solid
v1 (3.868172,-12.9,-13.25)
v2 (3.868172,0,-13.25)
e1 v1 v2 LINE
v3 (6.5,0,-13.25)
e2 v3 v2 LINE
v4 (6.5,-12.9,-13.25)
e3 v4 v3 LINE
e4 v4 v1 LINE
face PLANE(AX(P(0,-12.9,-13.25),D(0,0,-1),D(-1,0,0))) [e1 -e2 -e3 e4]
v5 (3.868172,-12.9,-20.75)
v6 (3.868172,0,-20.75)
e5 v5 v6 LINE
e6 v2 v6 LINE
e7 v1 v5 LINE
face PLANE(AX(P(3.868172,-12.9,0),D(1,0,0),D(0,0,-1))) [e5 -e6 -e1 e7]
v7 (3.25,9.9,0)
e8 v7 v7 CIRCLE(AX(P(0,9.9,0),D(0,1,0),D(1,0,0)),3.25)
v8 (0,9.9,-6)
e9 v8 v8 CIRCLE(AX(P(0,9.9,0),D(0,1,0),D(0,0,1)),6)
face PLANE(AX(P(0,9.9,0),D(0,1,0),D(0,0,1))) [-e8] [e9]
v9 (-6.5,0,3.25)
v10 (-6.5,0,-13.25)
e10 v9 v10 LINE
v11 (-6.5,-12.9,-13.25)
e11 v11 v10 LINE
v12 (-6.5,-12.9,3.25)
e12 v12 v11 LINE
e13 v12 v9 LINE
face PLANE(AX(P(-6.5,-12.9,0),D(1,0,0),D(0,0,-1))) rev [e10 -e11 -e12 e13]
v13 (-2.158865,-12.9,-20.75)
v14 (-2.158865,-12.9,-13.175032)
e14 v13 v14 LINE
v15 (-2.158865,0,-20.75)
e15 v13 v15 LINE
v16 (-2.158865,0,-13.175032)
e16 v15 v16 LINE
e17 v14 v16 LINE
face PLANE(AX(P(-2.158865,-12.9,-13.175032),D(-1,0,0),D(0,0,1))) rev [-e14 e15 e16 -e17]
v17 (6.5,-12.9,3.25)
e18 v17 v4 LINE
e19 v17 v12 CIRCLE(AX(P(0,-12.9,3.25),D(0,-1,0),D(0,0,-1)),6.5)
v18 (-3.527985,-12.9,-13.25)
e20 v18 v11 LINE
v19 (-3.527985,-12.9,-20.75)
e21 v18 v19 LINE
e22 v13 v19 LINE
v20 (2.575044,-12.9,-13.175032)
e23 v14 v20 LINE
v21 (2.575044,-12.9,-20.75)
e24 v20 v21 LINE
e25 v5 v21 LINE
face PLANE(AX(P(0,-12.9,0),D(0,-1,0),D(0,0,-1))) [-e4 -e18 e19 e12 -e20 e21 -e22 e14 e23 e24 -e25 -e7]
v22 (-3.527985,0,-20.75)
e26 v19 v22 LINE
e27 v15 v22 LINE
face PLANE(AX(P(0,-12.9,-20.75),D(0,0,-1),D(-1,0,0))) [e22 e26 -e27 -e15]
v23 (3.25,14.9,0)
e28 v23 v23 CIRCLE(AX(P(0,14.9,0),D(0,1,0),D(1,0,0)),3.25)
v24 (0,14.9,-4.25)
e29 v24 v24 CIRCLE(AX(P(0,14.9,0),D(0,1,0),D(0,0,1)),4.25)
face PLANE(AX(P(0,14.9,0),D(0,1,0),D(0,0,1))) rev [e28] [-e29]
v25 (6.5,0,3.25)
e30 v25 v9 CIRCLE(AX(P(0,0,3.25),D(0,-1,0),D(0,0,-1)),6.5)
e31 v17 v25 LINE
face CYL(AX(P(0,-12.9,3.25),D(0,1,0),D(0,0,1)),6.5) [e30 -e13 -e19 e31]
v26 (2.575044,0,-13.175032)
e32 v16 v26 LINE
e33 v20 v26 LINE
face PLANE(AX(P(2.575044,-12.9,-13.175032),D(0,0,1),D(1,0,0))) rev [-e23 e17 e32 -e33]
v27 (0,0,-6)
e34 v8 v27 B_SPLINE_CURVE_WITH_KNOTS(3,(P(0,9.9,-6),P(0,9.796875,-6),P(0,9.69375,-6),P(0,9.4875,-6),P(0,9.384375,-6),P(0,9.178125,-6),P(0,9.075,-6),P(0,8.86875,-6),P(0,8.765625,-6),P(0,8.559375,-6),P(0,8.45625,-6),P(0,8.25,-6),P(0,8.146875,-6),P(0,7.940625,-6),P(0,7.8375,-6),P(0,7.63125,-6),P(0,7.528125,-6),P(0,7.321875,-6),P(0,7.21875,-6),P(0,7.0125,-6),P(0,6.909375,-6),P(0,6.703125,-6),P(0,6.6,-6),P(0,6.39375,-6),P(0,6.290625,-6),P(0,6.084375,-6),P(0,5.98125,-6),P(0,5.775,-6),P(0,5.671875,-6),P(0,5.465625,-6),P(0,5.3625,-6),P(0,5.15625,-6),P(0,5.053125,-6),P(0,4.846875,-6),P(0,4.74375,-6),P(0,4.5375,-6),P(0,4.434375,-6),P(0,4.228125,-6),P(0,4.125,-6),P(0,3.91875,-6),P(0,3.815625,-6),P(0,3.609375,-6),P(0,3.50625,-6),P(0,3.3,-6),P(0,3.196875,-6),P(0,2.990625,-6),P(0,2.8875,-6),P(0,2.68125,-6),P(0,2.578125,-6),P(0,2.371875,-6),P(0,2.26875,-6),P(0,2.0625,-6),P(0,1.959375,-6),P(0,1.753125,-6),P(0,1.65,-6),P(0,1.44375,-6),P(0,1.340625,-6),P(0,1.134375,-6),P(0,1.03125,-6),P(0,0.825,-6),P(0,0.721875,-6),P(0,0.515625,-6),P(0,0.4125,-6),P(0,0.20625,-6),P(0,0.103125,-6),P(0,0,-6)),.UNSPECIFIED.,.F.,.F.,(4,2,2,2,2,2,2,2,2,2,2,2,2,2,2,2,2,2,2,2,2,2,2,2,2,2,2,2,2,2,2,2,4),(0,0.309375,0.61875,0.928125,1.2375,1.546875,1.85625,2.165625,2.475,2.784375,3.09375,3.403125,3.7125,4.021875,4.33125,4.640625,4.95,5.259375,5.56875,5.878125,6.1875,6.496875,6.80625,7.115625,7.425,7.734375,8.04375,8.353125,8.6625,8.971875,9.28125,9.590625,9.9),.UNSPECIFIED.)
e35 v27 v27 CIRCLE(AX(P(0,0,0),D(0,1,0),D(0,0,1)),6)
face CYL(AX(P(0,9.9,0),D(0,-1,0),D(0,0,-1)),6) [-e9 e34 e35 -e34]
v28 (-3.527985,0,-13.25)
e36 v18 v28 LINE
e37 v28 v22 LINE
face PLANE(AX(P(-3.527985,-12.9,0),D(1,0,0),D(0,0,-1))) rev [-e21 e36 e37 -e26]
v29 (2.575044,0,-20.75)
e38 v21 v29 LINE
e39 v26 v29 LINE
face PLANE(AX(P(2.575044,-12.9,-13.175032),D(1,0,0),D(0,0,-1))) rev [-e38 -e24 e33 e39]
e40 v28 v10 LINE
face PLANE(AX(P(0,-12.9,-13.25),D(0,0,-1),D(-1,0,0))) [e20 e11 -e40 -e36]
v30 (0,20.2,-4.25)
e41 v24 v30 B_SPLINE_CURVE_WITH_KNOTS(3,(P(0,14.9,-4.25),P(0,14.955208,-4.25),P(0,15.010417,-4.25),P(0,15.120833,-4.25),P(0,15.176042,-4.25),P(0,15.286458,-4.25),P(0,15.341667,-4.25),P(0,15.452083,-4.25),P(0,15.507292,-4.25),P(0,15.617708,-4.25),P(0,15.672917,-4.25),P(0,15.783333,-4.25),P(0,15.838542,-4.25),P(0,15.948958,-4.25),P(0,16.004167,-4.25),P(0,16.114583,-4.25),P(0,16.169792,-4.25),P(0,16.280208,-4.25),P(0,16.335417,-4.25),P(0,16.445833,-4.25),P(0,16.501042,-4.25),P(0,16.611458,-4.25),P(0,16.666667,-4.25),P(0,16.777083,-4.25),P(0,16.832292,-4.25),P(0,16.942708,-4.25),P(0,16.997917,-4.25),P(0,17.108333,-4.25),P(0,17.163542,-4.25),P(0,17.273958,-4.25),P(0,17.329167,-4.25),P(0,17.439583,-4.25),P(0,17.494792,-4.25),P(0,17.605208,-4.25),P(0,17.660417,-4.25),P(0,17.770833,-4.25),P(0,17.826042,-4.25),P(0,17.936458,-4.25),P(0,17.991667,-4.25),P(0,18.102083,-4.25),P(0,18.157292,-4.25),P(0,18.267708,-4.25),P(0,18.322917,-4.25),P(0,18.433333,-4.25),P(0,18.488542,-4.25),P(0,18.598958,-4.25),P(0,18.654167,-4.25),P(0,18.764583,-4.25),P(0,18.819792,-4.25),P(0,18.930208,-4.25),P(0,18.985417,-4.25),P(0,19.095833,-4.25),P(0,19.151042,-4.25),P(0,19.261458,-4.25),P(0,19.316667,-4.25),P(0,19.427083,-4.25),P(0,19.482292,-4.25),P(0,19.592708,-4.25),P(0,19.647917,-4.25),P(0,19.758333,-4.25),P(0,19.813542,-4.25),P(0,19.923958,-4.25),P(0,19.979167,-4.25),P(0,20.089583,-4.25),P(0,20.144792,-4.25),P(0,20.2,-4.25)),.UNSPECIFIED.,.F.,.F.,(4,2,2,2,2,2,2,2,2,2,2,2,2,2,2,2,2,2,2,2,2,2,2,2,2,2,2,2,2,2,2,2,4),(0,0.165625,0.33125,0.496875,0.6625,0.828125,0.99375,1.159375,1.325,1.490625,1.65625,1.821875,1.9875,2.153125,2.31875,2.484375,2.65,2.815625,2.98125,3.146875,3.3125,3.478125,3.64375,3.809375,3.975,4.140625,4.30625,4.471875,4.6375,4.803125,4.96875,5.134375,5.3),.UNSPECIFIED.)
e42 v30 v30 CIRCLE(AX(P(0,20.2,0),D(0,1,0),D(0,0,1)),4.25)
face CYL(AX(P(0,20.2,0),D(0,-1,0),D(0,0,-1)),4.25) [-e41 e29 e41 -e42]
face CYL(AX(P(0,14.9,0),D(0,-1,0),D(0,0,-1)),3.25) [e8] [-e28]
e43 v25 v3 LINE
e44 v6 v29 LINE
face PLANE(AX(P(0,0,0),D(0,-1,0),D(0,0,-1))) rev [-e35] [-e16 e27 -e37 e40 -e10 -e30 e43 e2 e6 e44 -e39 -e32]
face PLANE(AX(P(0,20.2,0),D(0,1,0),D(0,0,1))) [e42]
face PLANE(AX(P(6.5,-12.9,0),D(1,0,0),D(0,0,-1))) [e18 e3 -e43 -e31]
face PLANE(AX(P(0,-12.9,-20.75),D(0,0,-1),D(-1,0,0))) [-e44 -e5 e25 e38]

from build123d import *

# Parameters (mm, degrees)
SKETCH_1_R            = 6
EXTRUDE_1_DEPTH       = 9.9
SKETCH_2_R            = 4.25
EXTRUDE_2_DEPTH       = 10.3
SKETCH_2_2_R          = 4.25
SKETCH_2_2_R_2        = 3.25
CUT_EXTRUDE_1_DEPTH   = 5
EXTRUDE_3_DEPTH       = 12.9
SKETCH_4_W            = 4.733909146
SKETCH_4_H            = 7.574967903
CUT_EXTRUDE_1_2_DEPTH = 12.9


with BuildPart() as part:
    # 草图1 → 凸台-拉伸1 (new body)
    with BuildSketch(Plane(origin=(0, 0, 0), x_dir=(1, 0, 0), z_dir=(0, 1, 0))):
        Circle(SKETCH_1_R)
    extrude(amount=EXTRUDE_1_DEPTH)

    # 草图2 → 凸台-拉伸2 (add)
    with BuildSketch(Plane(origin=(0, 9.9, 0), x_dir=(1, 0, 0), z_dir=(0, 1, 0))):
        Circle(SKETCH_2_R)
    extrude(amount=EXTRUDE_2_DEPTH)

    # 草图2<2> → Cut-Extrude 1 (cut)
    with BuildSketch(Plane(origin=(0, 9.9, 0), x_dir=(1, 0, 0), z_dir=(0, 1, 0))):
        Circle(SKETCH_2_2_R)
        Circle(SKETCH_2_2_R_2, mode=Mode.SUBTRACT)
    extrude(amount=CUT_EXTRUDE_1_DEPTH, mode=Mode.SUBTRACT)

    # 草图3 → 凸台-拉伸3 (add)
    with BuildSketch(Plane.XZ):
        with BuildLine():
            Line((6.5, -13.25), (6.5, 3.25))
            ThreePointArc((6.5, 3.25), (0, 9.75), (-6.5, 3.25))
            Line((-6.5, 3.25), (-6.5, -13.25))
            Line((-6.5, -13.25), (-3.527984912, -13.25))
            Line((-3.527984912, -13.25), (-3.527984912, -20.75))
            Line((-3.527984912, -20.75), (3.868172302, -20.75))
            Line((3.868172302, -20.75), (3.868172302, -13.25))
            Line((3.868172302, -13.25), (6.5, -13.25))
        make_face()
    extrude(amount=EXTRUDE_3_DEPTH)

    # 草图4 → Cut-Extrude 1 2 (cut)
    with BuildSketch(Plane(origin=(0, 0, 0), x_dir=(1, 0, 0), z_dir=(0, 1, 0))):
        with Locations((0.208089462, 16.962516048)):
            Rectangle(SKETCH_4_W, SKETCH_4_H)
    extrude(amount=-CUT_EXTRUDE_1_2_DEPTH, mode=Mode.SUBTRACT)


solid = part.part
